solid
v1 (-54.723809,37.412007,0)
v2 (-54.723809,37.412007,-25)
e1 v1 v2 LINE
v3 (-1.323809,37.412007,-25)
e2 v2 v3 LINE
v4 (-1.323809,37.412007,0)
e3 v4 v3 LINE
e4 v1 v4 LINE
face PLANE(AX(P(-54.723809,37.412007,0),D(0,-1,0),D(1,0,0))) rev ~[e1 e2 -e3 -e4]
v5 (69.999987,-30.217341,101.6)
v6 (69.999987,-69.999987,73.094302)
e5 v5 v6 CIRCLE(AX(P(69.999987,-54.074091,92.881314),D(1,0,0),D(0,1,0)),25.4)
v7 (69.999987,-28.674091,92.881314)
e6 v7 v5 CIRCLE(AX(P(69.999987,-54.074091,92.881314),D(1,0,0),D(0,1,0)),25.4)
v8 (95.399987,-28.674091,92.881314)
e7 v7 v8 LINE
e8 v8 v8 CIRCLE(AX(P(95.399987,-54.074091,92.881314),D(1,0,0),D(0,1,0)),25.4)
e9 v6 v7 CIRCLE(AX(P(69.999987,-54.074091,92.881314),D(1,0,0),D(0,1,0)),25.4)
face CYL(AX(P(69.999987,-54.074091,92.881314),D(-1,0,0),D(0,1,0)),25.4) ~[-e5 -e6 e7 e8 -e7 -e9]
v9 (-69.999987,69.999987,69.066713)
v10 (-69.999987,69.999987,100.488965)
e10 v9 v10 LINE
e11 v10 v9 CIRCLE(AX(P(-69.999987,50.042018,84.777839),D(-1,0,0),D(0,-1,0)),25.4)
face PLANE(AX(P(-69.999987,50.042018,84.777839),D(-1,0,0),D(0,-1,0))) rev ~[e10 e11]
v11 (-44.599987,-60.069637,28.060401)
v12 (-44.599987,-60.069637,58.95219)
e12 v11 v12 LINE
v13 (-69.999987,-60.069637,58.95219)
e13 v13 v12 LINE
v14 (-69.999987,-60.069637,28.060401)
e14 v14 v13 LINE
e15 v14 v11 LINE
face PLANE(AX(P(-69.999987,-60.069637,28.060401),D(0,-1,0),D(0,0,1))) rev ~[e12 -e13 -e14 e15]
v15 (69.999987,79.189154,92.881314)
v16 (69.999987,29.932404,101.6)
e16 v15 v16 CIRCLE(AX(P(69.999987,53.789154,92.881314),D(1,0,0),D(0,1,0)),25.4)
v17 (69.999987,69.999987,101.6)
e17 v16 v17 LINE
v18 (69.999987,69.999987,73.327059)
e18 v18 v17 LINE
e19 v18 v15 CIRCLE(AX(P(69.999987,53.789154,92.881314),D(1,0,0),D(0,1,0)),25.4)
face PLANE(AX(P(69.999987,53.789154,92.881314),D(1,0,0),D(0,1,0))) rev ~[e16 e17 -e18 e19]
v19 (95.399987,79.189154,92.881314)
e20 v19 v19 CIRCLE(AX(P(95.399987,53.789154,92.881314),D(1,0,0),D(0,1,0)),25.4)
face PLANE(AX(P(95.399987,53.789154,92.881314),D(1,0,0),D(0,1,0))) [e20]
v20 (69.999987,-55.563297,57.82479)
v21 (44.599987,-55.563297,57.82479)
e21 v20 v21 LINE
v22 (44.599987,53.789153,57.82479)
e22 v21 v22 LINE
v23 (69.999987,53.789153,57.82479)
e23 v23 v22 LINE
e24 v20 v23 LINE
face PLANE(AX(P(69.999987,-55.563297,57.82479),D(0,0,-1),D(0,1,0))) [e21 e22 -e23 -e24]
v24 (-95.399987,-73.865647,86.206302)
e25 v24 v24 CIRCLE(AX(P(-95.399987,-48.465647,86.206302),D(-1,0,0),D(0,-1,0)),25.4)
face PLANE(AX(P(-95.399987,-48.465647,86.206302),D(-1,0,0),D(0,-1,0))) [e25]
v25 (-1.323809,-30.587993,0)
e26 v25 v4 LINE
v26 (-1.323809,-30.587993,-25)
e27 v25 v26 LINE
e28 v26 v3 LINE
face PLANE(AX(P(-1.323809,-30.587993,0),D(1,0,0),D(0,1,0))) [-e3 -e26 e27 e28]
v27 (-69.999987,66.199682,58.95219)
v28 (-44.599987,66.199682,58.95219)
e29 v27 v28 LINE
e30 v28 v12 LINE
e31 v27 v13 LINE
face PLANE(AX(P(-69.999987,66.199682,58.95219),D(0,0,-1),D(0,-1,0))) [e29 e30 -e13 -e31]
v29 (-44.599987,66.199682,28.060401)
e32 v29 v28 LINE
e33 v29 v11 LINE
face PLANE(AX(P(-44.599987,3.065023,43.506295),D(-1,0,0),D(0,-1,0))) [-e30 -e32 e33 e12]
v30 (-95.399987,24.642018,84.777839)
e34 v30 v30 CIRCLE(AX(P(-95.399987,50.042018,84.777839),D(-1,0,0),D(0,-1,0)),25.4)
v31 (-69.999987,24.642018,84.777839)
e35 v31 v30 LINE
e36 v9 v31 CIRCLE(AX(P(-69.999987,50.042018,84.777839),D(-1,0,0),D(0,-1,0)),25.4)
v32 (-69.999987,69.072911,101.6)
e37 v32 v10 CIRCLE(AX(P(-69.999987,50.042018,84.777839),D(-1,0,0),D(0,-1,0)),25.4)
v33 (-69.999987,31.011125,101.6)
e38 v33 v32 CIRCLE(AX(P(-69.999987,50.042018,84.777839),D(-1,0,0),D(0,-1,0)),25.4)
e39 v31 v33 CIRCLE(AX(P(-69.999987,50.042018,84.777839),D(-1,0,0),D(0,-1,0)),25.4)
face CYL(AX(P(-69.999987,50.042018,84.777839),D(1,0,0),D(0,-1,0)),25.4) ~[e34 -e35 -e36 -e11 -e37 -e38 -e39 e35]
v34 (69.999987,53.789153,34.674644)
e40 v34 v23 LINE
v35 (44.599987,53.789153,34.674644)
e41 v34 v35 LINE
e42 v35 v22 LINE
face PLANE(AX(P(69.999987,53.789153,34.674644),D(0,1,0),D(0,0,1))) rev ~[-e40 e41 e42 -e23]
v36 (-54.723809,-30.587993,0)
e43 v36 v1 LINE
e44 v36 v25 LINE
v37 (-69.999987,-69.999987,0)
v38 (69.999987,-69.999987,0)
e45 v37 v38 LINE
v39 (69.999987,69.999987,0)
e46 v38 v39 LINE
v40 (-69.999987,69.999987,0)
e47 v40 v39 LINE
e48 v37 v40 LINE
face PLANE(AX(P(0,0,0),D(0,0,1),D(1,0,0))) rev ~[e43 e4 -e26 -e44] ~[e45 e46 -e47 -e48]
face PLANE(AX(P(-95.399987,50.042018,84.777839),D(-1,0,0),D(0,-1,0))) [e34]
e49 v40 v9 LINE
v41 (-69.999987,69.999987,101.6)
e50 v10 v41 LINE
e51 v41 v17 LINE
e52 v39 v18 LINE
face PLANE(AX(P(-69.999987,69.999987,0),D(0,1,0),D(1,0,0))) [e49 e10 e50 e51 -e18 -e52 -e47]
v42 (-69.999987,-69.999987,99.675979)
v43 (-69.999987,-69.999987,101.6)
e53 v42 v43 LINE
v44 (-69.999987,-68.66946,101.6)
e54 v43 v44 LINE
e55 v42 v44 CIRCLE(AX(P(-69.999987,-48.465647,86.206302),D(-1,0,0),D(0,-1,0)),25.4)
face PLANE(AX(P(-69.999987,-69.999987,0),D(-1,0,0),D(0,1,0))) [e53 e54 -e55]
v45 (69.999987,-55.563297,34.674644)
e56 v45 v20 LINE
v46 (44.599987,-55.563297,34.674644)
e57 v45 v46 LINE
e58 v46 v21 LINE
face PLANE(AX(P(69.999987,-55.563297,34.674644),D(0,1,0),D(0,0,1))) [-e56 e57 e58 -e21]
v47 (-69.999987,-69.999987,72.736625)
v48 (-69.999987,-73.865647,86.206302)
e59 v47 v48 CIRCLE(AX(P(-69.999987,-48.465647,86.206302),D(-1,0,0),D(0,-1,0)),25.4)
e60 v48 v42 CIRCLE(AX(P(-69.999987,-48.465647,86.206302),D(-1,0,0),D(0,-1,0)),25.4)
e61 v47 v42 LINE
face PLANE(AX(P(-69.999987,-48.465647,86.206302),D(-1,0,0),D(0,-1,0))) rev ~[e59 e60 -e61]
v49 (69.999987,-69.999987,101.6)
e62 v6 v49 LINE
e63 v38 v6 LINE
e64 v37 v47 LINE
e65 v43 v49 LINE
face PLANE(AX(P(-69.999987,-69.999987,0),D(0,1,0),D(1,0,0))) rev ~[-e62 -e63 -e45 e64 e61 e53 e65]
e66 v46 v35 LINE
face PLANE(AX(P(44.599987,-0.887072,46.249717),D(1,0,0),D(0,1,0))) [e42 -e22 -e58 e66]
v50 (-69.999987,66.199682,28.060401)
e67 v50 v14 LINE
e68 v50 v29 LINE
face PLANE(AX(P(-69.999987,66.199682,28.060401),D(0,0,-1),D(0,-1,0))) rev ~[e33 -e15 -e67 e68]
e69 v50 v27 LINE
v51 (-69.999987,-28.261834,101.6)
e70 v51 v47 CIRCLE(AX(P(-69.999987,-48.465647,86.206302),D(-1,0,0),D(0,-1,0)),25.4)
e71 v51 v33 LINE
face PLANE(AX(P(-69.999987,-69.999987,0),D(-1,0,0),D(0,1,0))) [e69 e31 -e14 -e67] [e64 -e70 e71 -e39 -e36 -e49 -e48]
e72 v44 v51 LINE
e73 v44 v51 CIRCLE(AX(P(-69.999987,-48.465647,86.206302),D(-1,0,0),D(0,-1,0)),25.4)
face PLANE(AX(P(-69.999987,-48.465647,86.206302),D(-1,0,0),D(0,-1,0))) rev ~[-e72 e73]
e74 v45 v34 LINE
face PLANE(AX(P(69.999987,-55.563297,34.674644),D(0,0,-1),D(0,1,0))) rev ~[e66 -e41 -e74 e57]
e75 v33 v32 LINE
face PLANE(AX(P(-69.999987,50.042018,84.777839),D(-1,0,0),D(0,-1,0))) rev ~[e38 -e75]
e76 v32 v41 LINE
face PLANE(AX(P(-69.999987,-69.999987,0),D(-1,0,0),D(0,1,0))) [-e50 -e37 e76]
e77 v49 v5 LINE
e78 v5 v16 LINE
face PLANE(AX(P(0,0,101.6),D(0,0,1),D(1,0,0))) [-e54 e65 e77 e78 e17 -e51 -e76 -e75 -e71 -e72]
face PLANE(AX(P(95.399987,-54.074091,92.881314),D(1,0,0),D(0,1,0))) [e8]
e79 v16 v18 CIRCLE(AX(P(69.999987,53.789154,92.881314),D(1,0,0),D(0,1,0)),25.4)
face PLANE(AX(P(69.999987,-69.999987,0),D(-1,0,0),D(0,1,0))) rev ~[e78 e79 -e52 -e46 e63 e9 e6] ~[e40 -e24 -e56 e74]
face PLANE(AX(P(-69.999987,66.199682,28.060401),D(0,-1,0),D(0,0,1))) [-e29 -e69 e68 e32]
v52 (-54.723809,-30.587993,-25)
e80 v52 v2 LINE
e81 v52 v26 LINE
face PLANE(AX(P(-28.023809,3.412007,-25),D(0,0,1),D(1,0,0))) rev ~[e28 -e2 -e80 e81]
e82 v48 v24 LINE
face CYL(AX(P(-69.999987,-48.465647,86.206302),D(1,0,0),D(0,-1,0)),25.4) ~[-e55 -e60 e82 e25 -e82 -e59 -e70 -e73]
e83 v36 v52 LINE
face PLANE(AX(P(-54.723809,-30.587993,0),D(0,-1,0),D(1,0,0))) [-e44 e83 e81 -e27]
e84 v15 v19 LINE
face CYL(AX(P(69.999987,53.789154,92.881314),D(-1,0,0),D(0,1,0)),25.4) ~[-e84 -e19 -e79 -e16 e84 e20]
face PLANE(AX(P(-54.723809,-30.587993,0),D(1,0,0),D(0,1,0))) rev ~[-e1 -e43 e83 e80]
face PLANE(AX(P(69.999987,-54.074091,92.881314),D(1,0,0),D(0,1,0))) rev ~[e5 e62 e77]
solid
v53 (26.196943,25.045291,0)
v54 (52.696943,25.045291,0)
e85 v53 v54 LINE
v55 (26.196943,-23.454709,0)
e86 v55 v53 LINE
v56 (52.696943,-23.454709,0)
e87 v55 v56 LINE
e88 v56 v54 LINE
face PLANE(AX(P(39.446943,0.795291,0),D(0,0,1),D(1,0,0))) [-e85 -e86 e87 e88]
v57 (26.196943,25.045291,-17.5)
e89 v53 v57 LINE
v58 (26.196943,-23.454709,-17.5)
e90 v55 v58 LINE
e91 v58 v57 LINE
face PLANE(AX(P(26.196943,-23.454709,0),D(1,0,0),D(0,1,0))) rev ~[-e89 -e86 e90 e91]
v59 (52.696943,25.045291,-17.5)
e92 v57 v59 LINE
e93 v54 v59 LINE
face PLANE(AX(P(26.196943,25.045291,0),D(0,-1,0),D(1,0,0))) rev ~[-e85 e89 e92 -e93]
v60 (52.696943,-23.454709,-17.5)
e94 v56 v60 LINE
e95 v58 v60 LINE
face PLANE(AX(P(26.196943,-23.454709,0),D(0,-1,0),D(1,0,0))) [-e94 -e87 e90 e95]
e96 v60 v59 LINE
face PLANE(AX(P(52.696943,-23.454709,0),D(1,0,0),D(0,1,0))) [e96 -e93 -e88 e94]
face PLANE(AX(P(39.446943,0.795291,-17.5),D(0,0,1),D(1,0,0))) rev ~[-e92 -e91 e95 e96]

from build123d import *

# Parameters (mm, degrees)
F0_W      = 139.999974
F0_H      = 139.999974
F1_DEPTH  = 101.6
F2_W      = 26.5
F2_H      = 48.5
F4_DEPTH  = 17.5
F3_W      = 53.4
F3_H      = 68
F5_DEPTH  = 25
F6_W      = 109.352451
F6_H      = 23.150146
F7_DEPTH  = 25.4
F8_W      = 126.269319
F8_H      = 30.891789
F9_DEPTH  = 25.4
F10_R     = 25.4
F11_DEPTH = 25.4
F12_R     = 25.4
F13_DEPTH = 25.4


with BuildPart() as f1:
    # F0 (on Top) → F1 (new body)
    with BuildSketch(Plane.XY):
        Rectangle(F0_W, F0_H)
    extrude(amount=F1_DEPTH)

    # F3 (on face) → F5 (join)
    with BuildSketch(Plane.XY):
        with Locations((-28.023809, 3.412007)):
            Rectangle(F3_W, F3_H)
    extrude(amount=-F5_DEPTH)

    # F6 (on face) → F7 (cut)
    with BuildSketch(Plane.YZ.offset(69.999987)):
        with Locations((-0.887072, 46.249717)):
            Rectangle(F6_W, F6_H)
    extrude(amount=-F7_DEPTH, mode=Mode.SUBTRACT)

    # F8 (on face) → F9 (cut)
    with BuildSketch(Plane(origin=(-69.999987, 0, 0), x_dir=(0, -1, 0), z_dir=(-1, 0, 0))):
        with Locations((-3.065023, 43.506295)):
            Rectangle(F8_W, F8_H)
    extrude(amount=-F9_DEPTH, mode=Mode.SUBTRACT)

    # F10 (on face) → F11 (join)
    with BuildSketch(Plane.YZ.offset(69.999987)):
        with Locations((-54.074091, 92.881314)):
            Circle(F10_R)
        with Locations((53.789154, 92.881314)):
            Circle(F10_R)
    extrude(amount=F11_DEPTH)

    # F12 (on face) → F13 (join)
    with BuildSketch(Plane(origin=(-69.999987, 0, 0), x_dir=(0, -1, 0), z_dir=(-1, 0, 0))):
        with Locations((-50.042018, 84.777839)):
            Circle(F12_R)
        with Locations((48.465647, 86.206302)):
            Circle(F12_R)
    extrude(amount=F13_DEPTH)


with BuildPart() as f4:
    # F2 (on face) → F4 (new body)
    with BuildSketch(Plane.XY):
        with Locations((39.446943, 0.795291)):
            Rectangle(F2_W, F2_H)
    extrude(amount=-F4_DEPTH)


solid = Compound([f1.part, f4.part])
